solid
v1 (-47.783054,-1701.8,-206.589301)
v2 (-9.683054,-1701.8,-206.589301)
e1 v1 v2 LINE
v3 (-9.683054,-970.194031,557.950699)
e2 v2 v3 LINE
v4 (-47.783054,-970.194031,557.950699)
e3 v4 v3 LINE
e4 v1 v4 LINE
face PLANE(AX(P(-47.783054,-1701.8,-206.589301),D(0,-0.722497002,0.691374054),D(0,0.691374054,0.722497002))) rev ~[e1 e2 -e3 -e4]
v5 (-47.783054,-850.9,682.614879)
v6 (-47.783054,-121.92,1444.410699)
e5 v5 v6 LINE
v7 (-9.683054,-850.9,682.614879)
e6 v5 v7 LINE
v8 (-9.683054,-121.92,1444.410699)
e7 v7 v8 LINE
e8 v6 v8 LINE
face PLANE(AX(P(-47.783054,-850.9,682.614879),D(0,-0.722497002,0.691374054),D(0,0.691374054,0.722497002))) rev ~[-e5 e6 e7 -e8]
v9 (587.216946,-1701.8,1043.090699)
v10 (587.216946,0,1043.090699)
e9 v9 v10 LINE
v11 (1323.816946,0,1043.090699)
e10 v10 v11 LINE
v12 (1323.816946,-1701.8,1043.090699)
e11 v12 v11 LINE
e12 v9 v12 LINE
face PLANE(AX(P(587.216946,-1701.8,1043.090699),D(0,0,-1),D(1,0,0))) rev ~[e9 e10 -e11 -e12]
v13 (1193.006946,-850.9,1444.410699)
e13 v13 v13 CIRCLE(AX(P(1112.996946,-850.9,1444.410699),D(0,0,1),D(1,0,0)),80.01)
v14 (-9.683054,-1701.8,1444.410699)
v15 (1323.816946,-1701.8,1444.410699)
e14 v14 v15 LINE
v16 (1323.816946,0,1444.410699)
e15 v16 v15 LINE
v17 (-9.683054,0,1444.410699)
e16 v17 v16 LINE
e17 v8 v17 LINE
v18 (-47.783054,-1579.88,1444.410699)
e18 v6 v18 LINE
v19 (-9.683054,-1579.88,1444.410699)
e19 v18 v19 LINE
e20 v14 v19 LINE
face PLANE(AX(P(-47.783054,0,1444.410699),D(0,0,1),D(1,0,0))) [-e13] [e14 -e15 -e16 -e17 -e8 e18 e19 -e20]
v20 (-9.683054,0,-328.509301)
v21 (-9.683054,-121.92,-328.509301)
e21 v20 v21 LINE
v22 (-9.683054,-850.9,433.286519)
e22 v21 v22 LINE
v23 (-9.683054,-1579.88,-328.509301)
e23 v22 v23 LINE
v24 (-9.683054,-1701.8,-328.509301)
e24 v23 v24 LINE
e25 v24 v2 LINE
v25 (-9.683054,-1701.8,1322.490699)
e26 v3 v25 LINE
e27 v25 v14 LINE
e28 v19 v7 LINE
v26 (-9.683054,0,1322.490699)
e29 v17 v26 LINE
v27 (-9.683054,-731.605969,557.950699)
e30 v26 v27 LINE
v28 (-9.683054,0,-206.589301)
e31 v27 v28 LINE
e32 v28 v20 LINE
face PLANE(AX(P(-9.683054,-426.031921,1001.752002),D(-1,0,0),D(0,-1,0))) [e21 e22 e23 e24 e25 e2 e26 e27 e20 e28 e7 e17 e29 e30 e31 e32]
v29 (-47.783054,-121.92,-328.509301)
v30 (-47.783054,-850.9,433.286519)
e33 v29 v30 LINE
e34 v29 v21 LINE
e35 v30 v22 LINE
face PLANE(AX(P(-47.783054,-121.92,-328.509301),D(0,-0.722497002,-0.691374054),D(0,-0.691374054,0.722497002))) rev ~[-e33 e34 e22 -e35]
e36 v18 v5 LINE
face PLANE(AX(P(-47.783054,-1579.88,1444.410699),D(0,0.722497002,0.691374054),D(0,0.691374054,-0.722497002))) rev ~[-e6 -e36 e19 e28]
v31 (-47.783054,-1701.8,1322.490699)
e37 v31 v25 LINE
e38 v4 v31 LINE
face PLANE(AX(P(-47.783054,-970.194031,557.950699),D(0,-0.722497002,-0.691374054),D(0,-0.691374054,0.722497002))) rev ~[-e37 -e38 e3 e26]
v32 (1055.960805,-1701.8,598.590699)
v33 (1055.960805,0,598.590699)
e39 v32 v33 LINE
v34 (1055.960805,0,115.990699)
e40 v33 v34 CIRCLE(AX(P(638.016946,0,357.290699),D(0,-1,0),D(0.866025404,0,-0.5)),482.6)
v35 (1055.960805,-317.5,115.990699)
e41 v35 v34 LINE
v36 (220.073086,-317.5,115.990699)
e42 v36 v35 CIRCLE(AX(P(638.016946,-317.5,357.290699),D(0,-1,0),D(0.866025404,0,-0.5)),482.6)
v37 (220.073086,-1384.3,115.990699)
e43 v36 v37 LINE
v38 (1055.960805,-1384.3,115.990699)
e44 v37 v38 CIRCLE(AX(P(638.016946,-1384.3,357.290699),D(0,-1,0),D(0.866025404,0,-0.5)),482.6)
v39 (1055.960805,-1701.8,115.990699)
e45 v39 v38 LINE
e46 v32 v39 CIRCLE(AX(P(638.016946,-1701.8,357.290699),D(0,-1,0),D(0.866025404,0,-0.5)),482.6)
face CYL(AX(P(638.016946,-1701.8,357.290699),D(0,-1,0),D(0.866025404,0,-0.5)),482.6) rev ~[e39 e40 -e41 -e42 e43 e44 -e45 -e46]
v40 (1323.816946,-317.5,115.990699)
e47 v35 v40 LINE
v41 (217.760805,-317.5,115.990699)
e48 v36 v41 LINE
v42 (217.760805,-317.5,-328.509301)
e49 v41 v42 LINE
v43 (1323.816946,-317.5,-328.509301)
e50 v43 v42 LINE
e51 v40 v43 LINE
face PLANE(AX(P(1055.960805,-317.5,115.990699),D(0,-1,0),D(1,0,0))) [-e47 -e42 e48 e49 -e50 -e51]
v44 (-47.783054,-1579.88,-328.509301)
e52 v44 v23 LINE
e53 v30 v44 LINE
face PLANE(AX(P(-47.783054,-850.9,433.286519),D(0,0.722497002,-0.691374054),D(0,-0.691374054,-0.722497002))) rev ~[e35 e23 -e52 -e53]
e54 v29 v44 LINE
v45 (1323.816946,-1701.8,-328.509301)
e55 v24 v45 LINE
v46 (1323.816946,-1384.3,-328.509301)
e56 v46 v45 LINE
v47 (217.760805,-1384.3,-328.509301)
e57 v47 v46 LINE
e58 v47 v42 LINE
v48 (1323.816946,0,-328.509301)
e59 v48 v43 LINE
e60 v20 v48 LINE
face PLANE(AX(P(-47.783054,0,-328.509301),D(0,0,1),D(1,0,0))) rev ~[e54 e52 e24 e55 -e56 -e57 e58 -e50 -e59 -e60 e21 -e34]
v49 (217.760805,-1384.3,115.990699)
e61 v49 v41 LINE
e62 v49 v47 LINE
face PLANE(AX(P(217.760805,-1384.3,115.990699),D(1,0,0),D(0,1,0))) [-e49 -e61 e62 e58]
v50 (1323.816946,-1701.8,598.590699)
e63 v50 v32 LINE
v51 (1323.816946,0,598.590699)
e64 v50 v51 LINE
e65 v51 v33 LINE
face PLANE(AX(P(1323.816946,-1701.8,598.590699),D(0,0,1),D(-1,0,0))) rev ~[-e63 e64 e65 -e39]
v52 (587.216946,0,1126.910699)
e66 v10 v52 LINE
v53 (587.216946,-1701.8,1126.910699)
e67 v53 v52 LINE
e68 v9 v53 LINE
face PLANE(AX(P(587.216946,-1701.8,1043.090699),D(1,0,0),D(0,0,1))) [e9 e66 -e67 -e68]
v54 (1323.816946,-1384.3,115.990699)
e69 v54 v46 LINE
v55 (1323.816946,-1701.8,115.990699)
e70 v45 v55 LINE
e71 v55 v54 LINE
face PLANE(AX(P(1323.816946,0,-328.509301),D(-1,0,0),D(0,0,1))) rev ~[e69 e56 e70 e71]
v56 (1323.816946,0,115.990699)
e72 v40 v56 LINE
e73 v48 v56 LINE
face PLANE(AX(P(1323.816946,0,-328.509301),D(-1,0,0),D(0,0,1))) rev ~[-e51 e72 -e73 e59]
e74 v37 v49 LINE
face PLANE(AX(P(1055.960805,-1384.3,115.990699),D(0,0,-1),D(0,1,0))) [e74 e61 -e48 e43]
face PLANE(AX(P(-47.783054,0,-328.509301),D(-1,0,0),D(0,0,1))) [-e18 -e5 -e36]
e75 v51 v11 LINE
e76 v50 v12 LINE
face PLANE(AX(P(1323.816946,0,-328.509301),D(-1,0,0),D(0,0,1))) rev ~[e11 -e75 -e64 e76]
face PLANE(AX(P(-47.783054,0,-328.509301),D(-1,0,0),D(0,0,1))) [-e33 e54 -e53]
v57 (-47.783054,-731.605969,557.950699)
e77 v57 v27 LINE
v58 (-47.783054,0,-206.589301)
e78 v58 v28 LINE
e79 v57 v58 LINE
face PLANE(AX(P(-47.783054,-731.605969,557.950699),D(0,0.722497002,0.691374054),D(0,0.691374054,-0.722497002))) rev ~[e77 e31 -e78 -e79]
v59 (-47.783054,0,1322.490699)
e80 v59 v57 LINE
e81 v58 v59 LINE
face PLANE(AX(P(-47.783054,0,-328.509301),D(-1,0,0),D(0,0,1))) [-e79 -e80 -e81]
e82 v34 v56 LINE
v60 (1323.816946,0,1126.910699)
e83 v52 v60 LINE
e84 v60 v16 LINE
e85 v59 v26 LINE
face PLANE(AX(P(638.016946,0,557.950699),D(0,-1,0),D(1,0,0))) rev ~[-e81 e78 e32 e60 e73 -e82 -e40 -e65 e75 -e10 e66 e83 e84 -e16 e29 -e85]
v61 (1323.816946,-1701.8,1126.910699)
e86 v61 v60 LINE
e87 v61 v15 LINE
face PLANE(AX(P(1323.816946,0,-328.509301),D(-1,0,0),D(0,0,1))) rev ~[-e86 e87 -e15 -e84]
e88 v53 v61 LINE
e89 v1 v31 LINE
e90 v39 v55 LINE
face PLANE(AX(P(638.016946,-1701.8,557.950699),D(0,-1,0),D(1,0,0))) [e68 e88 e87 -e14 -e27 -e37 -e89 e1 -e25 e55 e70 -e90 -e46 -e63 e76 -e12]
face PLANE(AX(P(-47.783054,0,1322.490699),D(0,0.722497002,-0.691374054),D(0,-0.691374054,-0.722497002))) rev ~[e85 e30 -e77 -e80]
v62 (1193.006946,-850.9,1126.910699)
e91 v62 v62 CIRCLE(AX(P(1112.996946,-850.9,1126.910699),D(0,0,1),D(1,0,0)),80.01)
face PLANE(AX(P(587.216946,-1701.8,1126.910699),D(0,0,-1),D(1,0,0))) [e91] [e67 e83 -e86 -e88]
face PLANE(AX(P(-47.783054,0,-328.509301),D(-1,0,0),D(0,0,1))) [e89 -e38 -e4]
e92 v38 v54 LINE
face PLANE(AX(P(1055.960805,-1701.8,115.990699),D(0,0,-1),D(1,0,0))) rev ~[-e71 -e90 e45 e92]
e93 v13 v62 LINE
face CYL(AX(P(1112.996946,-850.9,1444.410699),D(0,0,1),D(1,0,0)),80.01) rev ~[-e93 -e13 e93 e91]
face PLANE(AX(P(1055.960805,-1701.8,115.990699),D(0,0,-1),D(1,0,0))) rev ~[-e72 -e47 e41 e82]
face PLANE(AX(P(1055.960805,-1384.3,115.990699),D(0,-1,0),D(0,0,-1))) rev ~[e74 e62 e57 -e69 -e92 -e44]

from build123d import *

# Parameters (mm, degrees)
F0_W      = 1371.6
F0_H      = 1772.92
F1_DEPTH  = 1701.8
F2_W      = 736.6
F2_H      = 83.82
F3_DEPTH  = 1701.8
F4_W      = 267.8561401336
F4_H      = 1066.8
F5_DEPTH  = 762
F6_DEPTH  = 838.2
F7_R      = 80.01
F8_DEPTH  = 317.5
F10_DEPTH = 38.1
F11_DEPTH = 38.1


with BuildPart() as f1:
    # F0 (on Front) → F1 (new body)
    with BuildSketch(Plane.XZ):
        with Locations((638.0169455886, 557.9506990528)):
            Rectangle(F0_W, F0_H)
    extrude(amount=F1_DEPTH)

    # F2 (on face) → F3 (cut)
    with BuildSketch(Plane.XZ.offset(1701.8)):
        with Locations((955.5169455886, 1085.0006990528)):
            Rectangle(F2_W, F2_H)
        with BuildLine():
            Line((1323.8169455886, 115.9906990528), (1323.8169455886, 598.5906990528))
            Line((1323.8169455886, 598.5906990528), (1055.960805455, 598.5906990528))
            ThreePointArc((1055.960805455, 598.5906990528), (1104.1727493557, 482.1967702193), (1120.6169455886, 357.2906990528))
            ThreePointArc((1120.6169455886, 357.2906990528), (1104.1727493557, 232.3846278863), (1055.960805455, 115.9906990528))
            Line((1055.960805455, 115.9906990528), (1323.8169455886, 115.9906990528))
        make_face()
        with BuildLine():
            ThreePointArc((1120.6169455886, 357.2906990528), (1104.1727493557, 482.1967702193), (1055.960805455, 598.5906990528))
            ThreePointArc((1055.960805455, 598.5906990528), (220.0730857222, 598.5906990528), (638.0169455886, -125.3093009472))
            ThreePointArc((638.0169455886, -125.3093009472), (879.3169455886, -60.6531608136), (1055.960805455, 115.9906990528))
            ThreePointArc((1055.960805455, 115.9906990528), (1104.1727493557, 232.3846278863), (1120.6169455886, 357.2906990528))
        make_face()
    extrude(amount=-F3_DEPTH, mode=Mode.SUBTRACT)

    # F4 (on face) → F5 (cut)
    with BuildSketch(Plane.XY.offset(115.9906990528)):
        with Locations((1189.8888755218, -850.9)):
            Rectangle(F4_W, F4_H)
    extrude(amount=-F5_DEPTH, mode=Mode.SUBTRACT)

    # F6 (cut): a face of the model
    f6_faces = [f1.faces().sort_by_distance(p)[0] for p in [
        (1055.960805455, -850.9, -106.2593009472),
    ]]
    extrude(f6_faces, amount=-F6_DEPTH, mode=Mode.SUBTRACT)

    # F7 (on face) → F8 (cut)
    with BuildSketch(Plane.XY.offset(1444.4106990528)):
        with Locations((1112.9969455886, -850.9)):
            Circle(F7_R)
    extrude(amount=-F8_DEPTH, mode=Mode.SUBTRACT)

    # F9 (on face) → F10 (cut)
    with BuildSketch(Plane(origin=(-47.7830544114, 0, 0), x_dir=(0, -1, 0), z_dir=(-1, 0, 0))):
        Polygon((0, 1444.4106990528), (0, 1322.4906990528), (121.92, 1444.4106990528), align=None)
        Polygon((0, -206.5893009472), (0, -328.5093009472), (121.92, -328.5093009472), align=None)
        Polygon((1701.8, -206.5893009472), (1579.88, -328.5093009472), (1701.8, -328.5093009472), align=None)
        Polygon((1579.88, 1444.4106990528), (1701.8, 1322.4906990528), (1701.8, 1444.4106990528), align=None)
    extrude(amount=-F10_DEPTH, mode=Mode.SUBTRACT)

    # F9 (on face) → F11 (cut)
    with BuildSketch(Plane(origin=(-47.7830544114, 0, 0), x_dir=(0, -1, 0), z_dir=(-1, 0, 0))):
        Polygon((0, 1322.4906990528), (731.6059692308, 557.9506990528), (850.9, 682.6148791171), (121.92, 1444.4106990528), align=None)
        Polygon((731.6059692308, 557.9506990528), (850.9, 433.2865189885), (970.1940307692, 557.9506990528), (850.9, 682.6148791171), align=None)
        Polygon((850.9, 682.6148791171), (970.1940307692, 557.9506990528), (1701.8, 1322.4906990528), (1579.88, 1444.4106990528), align=None)
        Polygon((970.1940307692, 557.9506990528), (850.9, 433.2865189885), (1579.88, -328.5093009472), (1701.8, -206.5893009472), align=None)
        Polygon((0, -206.5893009472), (121.92, -328.5093009472), (850.9, 433.2865189885), (731.6059692308, 557.9506990528), align=None)
    extrude(amount=-F11_DEPTH, mode=Mode.SUBTRACT)


solid = f1.part
